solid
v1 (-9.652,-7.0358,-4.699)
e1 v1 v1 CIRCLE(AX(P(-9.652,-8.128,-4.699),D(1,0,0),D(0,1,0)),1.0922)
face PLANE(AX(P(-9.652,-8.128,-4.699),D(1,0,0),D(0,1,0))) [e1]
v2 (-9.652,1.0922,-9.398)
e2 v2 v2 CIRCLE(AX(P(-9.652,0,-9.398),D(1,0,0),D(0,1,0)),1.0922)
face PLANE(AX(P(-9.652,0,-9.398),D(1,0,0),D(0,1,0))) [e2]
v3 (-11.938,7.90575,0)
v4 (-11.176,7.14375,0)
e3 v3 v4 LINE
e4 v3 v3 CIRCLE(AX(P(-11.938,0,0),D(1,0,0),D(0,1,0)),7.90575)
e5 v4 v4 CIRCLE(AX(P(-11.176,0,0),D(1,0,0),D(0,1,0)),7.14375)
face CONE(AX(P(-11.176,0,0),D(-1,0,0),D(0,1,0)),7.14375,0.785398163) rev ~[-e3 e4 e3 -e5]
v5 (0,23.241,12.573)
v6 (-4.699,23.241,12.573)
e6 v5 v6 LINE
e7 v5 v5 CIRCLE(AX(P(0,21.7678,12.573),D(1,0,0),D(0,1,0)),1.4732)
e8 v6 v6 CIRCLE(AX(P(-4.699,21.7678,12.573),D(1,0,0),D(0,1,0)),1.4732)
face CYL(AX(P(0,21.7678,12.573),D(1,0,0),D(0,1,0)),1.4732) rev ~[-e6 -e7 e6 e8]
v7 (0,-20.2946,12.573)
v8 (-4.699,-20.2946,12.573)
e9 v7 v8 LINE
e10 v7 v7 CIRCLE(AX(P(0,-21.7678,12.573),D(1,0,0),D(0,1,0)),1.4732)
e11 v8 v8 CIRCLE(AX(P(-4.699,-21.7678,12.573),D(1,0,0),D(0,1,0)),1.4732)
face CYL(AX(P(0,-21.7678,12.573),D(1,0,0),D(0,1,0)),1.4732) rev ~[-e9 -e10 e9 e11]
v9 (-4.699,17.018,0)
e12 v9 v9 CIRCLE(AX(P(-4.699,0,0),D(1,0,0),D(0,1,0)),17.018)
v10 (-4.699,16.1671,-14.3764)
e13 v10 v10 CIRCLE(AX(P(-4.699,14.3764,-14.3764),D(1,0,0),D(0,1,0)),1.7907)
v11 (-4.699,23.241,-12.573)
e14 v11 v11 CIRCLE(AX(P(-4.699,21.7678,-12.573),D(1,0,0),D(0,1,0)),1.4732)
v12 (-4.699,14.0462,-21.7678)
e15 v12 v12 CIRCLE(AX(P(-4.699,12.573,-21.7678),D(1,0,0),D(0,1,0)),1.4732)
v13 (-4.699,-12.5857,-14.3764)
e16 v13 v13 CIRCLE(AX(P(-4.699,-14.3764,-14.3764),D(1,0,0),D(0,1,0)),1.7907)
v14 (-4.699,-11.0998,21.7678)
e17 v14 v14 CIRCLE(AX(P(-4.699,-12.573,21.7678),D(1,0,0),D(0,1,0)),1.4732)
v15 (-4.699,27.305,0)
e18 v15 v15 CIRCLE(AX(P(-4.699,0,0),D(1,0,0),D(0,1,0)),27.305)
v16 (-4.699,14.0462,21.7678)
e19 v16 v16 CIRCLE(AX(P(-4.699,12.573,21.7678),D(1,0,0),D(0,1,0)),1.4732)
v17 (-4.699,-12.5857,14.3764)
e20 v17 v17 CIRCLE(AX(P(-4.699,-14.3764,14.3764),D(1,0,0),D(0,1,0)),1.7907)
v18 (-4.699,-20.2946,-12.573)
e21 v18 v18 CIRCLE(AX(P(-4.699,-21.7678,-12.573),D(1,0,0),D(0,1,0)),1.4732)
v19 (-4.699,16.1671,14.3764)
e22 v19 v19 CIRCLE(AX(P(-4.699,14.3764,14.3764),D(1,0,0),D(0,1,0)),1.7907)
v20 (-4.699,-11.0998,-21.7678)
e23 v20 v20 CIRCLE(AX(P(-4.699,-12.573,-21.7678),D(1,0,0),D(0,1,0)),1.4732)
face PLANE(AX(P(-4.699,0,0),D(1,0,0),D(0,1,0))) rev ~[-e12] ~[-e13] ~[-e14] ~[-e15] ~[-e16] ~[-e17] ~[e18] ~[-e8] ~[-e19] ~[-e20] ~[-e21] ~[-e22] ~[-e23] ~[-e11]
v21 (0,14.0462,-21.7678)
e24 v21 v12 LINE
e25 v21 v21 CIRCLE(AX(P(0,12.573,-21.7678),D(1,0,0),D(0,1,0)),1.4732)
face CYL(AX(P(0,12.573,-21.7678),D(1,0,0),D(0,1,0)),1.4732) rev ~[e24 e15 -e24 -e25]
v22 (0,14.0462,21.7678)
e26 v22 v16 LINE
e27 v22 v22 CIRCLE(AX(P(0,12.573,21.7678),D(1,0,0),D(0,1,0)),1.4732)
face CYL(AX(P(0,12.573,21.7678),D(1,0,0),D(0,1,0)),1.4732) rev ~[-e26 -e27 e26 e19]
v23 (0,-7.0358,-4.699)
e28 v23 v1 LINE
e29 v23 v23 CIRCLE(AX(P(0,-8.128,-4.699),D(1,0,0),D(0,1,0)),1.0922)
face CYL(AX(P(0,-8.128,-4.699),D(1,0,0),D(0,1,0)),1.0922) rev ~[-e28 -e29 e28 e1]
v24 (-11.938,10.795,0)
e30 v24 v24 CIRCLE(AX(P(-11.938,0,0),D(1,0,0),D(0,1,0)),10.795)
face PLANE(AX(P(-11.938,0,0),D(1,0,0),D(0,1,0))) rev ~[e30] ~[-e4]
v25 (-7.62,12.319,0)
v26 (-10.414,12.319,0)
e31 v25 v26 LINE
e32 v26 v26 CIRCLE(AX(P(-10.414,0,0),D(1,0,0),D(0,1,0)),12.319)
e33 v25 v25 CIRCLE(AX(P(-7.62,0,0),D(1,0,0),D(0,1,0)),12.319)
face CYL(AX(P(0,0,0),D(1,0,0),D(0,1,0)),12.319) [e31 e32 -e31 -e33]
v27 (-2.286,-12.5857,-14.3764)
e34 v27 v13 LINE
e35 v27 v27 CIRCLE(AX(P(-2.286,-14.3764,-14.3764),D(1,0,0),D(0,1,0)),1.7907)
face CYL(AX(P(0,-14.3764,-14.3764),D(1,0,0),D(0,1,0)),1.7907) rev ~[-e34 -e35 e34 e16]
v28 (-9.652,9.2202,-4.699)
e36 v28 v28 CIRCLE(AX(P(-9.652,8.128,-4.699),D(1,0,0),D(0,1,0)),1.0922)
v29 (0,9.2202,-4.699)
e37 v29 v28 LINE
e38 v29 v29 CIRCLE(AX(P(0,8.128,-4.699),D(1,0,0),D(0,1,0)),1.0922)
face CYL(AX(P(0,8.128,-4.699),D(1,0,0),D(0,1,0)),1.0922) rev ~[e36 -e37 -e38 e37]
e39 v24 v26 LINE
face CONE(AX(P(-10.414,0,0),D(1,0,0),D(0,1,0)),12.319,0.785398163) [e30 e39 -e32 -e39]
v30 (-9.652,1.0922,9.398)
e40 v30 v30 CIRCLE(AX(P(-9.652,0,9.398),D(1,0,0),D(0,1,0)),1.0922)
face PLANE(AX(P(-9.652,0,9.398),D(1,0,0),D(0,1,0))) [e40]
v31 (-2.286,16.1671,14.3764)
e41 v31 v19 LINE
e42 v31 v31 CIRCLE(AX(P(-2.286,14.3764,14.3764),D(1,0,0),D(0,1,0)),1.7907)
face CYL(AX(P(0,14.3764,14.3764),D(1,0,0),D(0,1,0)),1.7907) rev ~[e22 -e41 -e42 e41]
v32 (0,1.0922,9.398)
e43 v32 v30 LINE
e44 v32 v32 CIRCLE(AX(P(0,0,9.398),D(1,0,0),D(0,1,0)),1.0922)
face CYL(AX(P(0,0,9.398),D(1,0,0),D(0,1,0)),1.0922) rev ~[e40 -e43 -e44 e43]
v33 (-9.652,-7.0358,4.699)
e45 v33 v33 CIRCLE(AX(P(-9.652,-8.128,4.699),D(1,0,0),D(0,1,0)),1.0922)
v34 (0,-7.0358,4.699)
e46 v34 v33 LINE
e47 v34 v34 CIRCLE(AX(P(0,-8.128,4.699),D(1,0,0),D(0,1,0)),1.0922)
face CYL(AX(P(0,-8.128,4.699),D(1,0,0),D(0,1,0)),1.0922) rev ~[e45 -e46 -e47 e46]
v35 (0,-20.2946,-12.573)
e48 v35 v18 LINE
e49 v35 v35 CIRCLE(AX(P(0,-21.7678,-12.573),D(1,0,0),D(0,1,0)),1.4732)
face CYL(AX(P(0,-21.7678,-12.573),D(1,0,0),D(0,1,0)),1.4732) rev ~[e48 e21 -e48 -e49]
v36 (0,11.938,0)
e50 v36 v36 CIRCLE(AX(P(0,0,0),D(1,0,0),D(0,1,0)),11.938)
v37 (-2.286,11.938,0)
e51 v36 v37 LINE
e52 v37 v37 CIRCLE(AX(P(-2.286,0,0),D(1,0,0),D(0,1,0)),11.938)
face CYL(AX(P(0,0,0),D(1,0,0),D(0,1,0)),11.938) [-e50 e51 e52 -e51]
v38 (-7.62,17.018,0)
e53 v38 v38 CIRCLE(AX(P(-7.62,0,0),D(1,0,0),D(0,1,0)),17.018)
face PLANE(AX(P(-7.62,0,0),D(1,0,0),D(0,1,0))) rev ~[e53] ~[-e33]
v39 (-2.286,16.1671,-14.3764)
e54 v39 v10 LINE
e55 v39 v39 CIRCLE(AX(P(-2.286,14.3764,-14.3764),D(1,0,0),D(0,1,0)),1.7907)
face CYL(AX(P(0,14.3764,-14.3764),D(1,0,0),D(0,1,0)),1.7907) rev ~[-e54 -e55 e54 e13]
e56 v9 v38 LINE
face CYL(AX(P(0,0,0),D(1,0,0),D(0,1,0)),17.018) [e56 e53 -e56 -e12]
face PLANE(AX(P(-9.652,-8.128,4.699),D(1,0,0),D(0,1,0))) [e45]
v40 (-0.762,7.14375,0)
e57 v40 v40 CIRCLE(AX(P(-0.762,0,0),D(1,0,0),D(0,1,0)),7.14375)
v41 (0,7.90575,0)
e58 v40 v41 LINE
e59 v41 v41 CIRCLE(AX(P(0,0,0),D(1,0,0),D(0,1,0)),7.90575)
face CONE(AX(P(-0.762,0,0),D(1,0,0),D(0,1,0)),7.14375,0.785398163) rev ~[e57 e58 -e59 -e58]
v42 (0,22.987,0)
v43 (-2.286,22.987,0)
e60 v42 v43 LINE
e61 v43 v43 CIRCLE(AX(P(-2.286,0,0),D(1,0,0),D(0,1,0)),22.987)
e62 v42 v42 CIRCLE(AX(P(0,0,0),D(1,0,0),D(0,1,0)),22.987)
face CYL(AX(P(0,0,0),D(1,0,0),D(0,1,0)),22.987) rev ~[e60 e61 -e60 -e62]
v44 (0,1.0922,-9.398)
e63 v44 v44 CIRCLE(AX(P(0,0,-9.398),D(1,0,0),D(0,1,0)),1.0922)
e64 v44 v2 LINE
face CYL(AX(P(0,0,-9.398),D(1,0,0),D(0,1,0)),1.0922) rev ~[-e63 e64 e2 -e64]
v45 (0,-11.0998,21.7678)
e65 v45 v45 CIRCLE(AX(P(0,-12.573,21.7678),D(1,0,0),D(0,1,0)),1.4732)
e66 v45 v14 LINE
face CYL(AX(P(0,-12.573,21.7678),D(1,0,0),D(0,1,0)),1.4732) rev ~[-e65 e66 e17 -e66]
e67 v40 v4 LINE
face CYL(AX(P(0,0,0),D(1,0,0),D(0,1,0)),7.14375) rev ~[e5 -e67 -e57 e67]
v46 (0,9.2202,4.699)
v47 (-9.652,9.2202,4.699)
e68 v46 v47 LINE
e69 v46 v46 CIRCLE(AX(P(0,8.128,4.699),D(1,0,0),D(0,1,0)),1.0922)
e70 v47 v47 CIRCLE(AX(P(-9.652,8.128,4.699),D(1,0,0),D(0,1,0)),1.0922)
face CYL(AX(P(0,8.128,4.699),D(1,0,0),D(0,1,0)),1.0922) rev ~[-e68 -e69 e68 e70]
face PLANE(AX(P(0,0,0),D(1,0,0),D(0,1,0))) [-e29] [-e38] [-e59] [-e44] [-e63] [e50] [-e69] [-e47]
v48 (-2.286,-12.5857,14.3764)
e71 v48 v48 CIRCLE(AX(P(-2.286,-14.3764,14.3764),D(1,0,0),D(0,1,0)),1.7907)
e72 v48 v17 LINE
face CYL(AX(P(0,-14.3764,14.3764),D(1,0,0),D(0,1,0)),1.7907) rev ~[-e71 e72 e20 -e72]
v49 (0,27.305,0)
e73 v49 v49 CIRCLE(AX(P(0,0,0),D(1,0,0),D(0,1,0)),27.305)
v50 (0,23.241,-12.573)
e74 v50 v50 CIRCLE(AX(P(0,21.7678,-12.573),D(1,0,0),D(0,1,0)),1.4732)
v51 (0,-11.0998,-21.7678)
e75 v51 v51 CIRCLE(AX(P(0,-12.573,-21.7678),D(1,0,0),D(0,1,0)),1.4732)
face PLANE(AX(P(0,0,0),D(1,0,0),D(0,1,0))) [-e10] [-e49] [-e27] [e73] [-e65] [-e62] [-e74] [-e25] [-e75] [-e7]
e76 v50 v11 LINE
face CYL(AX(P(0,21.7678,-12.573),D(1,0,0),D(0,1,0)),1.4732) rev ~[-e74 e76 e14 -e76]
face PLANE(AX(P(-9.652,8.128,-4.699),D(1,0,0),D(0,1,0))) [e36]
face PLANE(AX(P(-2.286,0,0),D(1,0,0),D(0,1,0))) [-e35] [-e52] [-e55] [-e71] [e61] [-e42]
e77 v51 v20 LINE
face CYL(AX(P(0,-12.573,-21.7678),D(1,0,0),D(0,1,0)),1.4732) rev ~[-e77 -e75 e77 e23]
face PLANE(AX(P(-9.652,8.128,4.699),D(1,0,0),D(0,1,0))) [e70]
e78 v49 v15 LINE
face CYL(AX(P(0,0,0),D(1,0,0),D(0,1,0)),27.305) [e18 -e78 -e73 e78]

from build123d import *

# Parameters (mm, degrees)
F0_R      = 12.319
F0_R_2    = 11.938
F0_R_3    = 7.14375
F1_DEPTH  = 11.938
F0_R_4    = 17.018
F2_DEPTH  = 7.62
F0_R_5    = 27.305
F0_R_6    = 22.987
F3_DEPTH  = 4.699
F4_SIZE   = 1.524
F5_SIZE   = 0.762
F6_R      = 1.4732
F6_R_2    = 1.7907
F7_DEPTH  = 25.4
F8_DEPTH  = 2.286
F9_R      = 1.0922
F10_DEPTH = 9.652


with BuildPart() as f1:
    # F0 (on Right) → F1 (new body)
    with BuildSketch(Plane.YZ):
        Circle(F0_R)
        Circle(F0_R_2, mode=Mode.SUBTRACT)
        Circle(F0_R_2)
        Circle(F0_R_3, mode=Mode.SUBTRACT)
    extrude(amount=-F1_DEPTH)

    # F0 (on Right) → F2 (join)
    with BuildSketch(Plane.YZ):
        Circle(F0_R_4)
        Circle(F0_R, mode=Mode.SUBTRACT)
    extrude(amount=-F2_DEPTH)

    # F0 (on Right) → F3 (join)
    with BuildSketch(Plane.YZ):
        Circle(F0_R_5)
        Circle(F0_R_6, mode=Mode.SUBTRACT)
        Circle(F0_R_6)
        Circle(F0_R_4, mode=Mode.SUBTRACT)
    extrude(amount=-F3_DEPTH)

    # F4
    f4_edges = [f1.edges().sort_by_distance(p)[0] for p in [
        (-11.938, -12.319, 0),
    ]]
    chamfer(f4_edges, length=F4_SIZE)

    # F5
    f5_edges = [f1.edges().sort_by_distance(p)[0] for p in [
        (-11.938, -7.14375, 0),
        (0, -7.14375, 0),
    ]]
    chamfer(f5_edges, length=F5_SIZE)

    # F6 (on face) → F7 (cut)
    with BuildSketch(Plane.YZ):
        with Locations((-12.573, 21.7678)):
            Circle(F6_R)
        with Locations((-21.7678, 12.573)):
            Circle(F6_R)
        with Locations((-21.7678, -12.573)):
            Circle(F6_R)
        with Locations((12.573, 21.7678)):
            Circle(F6_R)
        with Locations((21.7678, 12.573)):
            Circle(F6_R)
        with Locations((21.7678, -12.573)):
            Circle(F6_R)
        with Locations((12.573, -21.7678)):
            Circle(F6_R)
        with Locations((-12.573, -21.7678)):
            Circle(F6_R)
        with Locations((-14.3764, 14.3764)):
            Circle(F6_R_2)
        with Locations((14.3764, 14.3764)):
            Circle(F6_R_2)
        with Locations((14.3764, -14.3764)):
            Circle(F6_R_2)
        with Locations((-14.3764, -14.3764)):
            Circle(F6_R_2)
    extrude(amount=-F7_DEPTH, mode=Mode.SUBTRACT)

    # F0 (on Right) → F8 (cut)
    with BuildSketch(Plane.YZ):
        Circle(F0_R_6)
        Circle(F0_R_4, mode=Mode.SUBTRACT)
        Circle(F0_R_4)
        Circle(F0_R, mode=Mode.SUBTRACT)
        Circle(F0_R)
        Circle(F0_R_2, mode=Mode.SUBTRACT)
    extrude(amount=-F8_DEPTH, mode=Mode.SUBTRACT)

    # F9 (on face) → F10 (cut)
    with BuildSketch(Plane.YZ):
        with Locations((-8.128, 4.699)):
            Circle(F9_R)
        with Locations((0, 9.398)):
            Circle(F9_R)
        with Locations((8.128, 4.699)):
            Circle(F9_R)
        with Locations((8.128, -4.699)):
            Circle(F9_R)
        with Locations((0, -9.398)):
            Circle(F9_R)
        with Locations((-8.128, -4.699)):
            Circle(F9_R)
    extrude(amount=-F10_DEPTH, mode=Mode.SUBTRACT)


solid = f1.part
